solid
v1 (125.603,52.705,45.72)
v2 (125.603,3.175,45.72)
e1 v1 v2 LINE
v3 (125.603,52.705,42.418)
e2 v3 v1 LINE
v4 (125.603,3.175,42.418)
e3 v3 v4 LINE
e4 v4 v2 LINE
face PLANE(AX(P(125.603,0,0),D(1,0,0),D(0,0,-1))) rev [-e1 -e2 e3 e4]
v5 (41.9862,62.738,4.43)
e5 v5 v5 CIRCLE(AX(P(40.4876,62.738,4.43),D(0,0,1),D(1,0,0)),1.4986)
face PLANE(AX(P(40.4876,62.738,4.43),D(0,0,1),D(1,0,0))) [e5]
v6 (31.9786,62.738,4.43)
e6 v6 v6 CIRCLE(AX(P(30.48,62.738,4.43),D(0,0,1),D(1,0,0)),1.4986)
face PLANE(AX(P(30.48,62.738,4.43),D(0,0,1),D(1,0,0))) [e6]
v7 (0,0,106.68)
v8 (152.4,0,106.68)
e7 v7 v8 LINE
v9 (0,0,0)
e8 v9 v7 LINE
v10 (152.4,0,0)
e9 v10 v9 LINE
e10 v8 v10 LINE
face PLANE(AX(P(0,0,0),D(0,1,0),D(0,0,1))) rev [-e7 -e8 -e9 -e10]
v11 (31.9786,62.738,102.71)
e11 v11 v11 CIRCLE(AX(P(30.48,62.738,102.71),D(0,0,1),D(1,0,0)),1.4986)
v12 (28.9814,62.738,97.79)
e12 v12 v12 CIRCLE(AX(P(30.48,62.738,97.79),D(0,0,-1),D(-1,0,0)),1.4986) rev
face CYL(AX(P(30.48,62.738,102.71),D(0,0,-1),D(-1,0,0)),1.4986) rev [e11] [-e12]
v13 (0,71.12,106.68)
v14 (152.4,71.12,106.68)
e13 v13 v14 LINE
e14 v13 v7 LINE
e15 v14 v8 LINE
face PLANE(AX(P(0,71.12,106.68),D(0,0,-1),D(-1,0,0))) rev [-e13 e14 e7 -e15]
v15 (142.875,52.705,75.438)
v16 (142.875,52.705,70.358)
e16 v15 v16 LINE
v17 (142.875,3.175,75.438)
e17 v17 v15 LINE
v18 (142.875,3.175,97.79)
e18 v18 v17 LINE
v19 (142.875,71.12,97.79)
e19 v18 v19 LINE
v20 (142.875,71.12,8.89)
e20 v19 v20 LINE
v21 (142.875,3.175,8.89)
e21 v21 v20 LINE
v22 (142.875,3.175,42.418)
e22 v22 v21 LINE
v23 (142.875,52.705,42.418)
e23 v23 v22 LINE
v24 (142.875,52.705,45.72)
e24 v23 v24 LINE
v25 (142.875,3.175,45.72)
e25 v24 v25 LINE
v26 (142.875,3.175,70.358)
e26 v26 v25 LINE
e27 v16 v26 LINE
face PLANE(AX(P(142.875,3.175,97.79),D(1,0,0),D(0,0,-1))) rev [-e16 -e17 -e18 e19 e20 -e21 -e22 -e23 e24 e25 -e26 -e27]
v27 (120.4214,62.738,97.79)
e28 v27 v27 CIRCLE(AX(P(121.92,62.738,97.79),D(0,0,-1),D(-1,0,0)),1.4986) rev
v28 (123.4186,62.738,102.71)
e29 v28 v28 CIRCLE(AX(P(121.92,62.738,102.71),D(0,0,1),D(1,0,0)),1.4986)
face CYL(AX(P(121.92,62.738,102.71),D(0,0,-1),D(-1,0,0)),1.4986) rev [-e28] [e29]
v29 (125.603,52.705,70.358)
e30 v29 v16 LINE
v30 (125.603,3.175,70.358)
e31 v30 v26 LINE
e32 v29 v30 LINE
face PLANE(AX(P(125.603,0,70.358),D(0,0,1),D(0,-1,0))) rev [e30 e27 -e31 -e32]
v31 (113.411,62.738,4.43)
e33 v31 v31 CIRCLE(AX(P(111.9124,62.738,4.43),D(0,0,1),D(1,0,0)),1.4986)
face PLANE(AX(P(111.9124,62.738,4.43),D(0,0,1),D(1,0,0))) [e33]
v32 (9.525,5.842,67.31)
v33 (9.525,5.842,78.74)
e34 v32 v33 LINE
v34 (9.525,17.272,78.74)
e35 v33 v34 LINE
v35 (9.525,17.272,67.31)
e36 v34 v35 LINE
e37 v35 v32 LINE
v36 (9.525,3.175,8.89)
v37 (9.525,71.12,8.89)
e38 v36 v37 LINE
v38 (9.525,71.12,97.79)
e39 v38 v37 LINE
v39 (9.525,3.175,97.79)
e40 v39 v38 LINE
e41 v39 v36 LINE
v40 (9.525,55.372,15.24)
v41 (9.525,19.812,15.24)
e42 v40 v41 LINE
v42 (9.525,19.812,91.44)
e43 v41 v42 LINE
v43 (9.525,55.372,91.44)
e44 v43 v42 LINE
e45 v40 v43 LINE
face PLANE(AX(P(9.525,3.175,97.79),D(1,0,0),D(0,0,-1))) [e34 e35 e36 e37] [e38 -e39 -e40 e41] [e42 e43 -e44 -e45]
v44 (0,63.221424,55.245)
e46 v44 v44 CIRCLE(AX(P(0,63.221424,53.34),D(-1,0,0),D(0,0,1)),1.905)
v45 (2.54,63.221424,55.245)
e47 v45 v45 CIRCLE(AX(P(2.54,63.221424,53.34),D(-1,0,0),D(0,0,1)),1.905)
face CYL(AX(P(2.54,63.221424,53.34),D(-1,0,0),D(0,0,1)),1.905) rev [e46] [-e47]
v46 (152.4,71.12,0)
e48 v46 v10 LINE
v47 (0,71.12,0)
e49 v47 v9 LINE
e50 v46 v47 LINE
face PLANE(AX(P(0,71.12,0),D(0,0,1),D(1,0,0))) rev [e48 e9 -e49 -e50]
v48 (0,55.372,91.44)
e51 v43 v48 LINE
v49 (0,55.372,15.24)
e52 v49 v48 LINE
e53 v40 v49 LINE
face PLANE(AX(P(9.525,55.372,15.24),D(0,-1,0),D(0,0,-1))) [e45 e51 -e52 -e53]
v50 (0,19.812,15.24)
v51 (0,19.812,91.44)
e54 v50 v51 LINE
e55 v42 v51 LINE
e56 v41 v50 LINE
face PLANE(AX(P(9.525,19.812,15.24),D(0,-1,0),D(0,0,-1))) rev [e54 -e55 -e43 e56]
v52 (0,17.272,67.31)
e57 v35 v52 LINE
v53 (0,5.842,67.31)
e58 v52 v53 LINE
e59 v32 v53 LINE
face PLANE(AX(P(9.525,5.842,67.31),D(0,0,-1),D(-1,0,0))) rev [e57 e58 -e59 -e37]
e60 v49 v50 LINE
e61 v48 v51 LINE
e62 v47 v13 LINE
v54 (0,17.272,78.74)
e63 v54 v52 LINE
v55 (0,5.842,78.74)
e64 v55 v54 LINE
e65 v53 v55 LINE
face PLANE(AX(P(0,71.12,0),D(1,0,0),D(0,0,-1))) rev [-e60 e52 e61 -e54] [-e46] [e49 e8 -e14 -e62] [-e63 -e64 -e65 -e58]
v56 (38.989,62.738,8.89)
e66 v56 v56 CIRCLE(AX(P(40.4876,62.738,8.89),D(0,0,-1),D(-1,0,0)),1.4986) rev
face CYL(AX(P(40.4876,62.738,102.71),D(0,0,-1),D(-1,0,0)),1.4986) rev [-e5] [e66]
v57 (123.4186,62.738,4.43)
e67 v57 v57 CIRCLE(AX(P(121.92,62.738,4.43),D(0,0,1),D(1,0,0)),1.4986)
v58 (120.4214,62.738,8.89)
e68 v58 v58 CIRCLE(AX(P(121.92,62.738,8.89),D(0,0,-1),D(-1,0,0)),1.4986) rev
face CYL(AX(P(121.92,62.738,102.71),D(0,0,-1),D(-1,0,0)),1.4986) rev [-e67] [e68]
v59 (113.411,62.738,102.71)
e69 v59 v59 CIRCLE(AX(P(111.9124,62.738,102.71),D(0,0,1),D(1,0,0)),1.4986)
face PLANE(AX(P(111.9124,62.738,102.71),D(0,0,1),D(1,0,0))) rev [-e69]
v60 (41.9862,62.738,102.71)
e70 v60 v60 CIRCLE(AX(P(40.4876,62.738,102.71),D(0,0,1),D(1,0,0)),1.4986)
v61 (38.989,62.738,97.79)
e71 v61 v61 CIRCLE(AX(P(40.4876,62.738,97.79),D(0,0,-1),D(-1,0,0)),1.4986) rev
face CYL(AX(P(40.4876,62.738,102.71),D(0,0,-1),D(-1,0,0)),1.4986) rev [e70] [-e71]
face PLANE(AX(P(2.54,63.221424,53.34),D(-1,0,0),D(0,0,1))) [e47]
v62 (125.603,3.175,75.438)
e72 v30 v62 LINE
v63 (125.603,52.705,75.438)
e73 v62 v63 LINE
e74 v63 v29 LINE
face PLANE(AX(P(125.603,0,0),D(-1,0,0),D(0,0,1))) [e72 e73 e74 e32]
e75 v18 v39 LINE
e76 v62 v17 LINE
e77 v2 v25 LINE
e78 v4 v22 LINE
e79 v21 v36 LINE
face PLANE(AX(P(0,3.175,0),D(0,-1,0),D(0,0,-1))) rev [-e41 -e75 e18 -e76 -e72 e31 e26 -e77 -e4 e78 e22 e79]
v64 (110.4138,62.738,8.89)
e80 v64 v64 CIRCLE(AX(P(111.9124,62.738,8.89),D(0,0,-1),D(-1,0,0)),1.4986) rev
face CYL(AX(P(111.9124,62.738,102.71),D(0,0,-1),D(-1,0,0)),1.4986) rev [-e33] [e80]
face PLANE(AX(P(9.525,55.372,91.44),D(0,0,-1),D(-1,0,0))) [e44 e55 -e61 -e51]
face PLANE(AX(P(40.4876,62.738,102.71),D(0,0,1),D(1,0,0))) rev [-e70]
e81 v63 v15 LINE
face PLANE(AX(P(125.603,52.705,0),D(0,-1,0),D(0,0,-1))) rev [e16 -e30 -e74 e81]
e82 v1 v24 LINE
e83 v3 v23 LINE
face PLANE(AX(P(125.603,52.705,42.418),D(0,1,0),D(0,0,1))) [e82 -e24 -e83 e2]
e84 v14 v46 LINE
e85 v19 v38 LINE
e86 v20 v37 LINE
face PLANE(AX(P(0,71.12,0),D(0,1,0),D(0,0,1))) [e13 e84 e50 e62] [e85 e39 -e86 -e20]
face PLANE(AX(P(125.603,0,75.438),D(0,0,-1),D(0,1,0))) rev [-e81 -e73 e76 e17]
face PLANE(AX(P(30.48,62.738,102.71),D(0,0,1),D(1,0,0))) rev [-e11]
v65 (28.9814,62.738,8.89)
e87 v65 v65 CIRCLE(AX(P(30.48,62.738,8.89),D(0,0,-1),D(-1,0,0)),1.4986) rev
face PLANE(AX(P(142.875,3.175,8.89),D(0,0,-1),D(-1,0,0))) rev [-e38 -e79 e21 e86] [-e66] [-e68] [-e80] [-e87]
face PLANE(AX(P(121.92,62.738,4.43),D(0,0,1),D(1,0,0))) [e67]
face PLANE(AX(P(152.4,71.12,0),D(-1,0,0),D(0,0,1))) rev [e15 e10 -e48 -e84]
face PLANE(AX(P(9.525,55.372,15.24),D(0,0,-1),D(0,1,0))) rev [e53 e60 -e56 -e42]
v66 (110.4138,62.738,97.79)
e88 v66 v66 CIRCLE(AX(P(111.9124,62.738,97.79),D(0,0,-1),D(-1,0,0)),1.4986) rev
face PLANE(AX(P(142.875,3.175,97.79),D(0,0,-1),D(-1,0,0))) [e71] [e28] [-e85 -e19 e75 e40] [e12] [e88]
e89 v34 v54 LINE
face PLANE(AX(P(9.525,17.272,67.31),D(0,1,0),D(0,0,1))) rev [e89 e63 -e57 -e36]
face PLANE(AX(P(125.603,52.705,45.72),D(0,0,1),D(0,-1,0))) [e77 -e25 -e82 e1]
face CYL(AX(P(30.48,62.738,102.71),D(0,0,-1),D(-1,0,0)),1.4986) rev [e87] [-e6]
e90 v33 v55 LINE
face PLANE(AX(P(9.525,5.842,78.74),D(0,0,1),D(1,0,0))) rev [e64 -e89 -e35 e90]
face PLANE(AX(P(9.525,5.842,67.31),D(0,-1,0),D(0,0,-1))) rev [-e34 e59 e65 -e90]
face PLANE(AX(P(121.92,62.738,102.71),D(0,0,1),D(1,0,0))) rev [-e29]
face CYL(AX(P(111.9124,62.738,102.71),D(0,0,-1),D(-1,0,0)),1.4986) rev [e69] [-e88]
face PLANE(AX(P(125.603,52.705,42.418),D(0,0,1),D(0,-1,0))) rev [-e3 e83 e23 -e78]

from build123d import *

# Parameters (mm, degrees)
SKETCH2_W                = 152.4
SKETCH2_H                = 106.68
BOSS_EXTRUDE1_DEPTH      = 71.12
SKETCH3_W                = 133.35
SKETCH3_H                = 88.9
CUT_EXTRUDE1_DEPTH       = 67.945
SKETCH8_W                = 5.08
SKETCH8_H                = 24.765
SKETCH8_W_2              = 3.302
SKETCH8_H_2              = 49.53
BOSS_EXTRUDE2_DEPTH      = 17.272
SKETCH12_W               = 76.2
SKETCH12_H               = 35.56
CUT_EXTRUDE3_DEPTH       = 9.525
CUT_EXTRUDE12_DEPTH      = 93.820000066
CUT_EXTRUDE12_DEPTH_BACK = 4.45999997
SKETCH35_R               = 1.4986
SKETCH36_R               = 1.905
CUT_EXTRUDE13_DEPTH      = 2.54
SKETCH37_W               = 11.43
SKETCH37_H               = 11.43
CUT_EXTRUDE14_DEPTH      = 9.525


with BuildPart() as part:
    # Sketch2 → Boss-Extrude1 (new body)
    with BuildSketch(Plane(origin=(0, 0, 0), x_dir=(1, 0, 0), z_dir=(0, 1, 0))):
        with Locations((76.2, -53.34)):
            Rectangle(SKETCH2_W, SKETCH2_H)
    extrude(amount=BOSS_EXTRUDE1_DEPTH)

    # Sketch3 → Cut-Extrude1 (cut)
    with BuildSketch(Plane(origin=(0, 71.12, 0), x_dir=(1, 0, 0), z_dir=(0, 1, 0))):
        with Locations((76.2, -53.34)):
            Rectangle(SKETCH3_W, SKETCH3_H)
    extrude(amount=-CUT_EXTRUDE1_DEPTH, mode=Mode.SUBTRACT)

    # Sketch8 → Boss-Extrude2 (add)
    with BuildSketch(Plane.ZY.offset(-142.875)):
        with Locations((72.898, 40.3225)):
            Rectangle(SKETCH8_W, SKETCH8_H)
        with Locations((72.898, 15.5575)):
            Rectangle(SKETCH8_W, SKETCH8_H)
        with Locations((44.069, 27.94)):
            Rectangle(SKETCH8_W_2, SKETCH8_H_2)
    extrude(amount=BOSS_EXTRUDE2_DEPTH)

    # Sketch12 → Cut-Extrude3 (cut)
    with BuildSketch(Plane.ZY):
        with Locations((53.34, 37.592)):
            Rectangle(SKETCH12_W, SKETCH12_H)
    extrude(amount=-CUT_EXTRUDE3_DEPTH, mode=Mode.SUBTRACT)

    # Sketch35 → Cut-Extrude12 (cut, two sides: drawn at the far end of the back side and taken through both)
    with BuildSketch(Plane.XY.offset(8.89).offset(-CUT_EXTRUDE12_DEPTH_BACK)):
        with Locations(Location((30.48, 62.738, 0), (0, 0, 180))):
            Circle(SKETCH35_R)
        with Locations(Location((40.4876, 62.738, 0), (0, 0, 180))):
            Circle(SKETCH35_R)
        with Locations(Location((111.9124, 62.738, 0), (0, 0, 180))):
            Circle(SKETCH35_R)
        with Locations(Location((121.92, 62.738, 0), (0, 0, 180))):
            Circle(SKETCH35_R)
    extrude(amount=CUT_EXTRUDE12_DEPTH + CUT_EXTRUDE12_DEPTH_BACK, mode=Mode.SUBTRACT)

    # Sketch36 → Cut-Extrude13 (cut)
    with BuildSketch(Plane.ZY):
        with Locations((53.34, 63.221423834)):
            Circle(SKETCH36_R)
    extrude(amount=-CUT_EXTRUDE13_DEPTH, mode=Mode.SUBTRACT)

    # Sketch37 → Cut-Extrude14 (cut)
    with BuildSketch(Plane.ZY):
        with Locations((73.025, 11.557)):
            Rectangle(SKETCH37_W, SKETCH37_H)
    extrude(amount=-CUT_EXTRUDE14_DEPTH, mode=Mode.SUBTRACT)


solid = part.part
